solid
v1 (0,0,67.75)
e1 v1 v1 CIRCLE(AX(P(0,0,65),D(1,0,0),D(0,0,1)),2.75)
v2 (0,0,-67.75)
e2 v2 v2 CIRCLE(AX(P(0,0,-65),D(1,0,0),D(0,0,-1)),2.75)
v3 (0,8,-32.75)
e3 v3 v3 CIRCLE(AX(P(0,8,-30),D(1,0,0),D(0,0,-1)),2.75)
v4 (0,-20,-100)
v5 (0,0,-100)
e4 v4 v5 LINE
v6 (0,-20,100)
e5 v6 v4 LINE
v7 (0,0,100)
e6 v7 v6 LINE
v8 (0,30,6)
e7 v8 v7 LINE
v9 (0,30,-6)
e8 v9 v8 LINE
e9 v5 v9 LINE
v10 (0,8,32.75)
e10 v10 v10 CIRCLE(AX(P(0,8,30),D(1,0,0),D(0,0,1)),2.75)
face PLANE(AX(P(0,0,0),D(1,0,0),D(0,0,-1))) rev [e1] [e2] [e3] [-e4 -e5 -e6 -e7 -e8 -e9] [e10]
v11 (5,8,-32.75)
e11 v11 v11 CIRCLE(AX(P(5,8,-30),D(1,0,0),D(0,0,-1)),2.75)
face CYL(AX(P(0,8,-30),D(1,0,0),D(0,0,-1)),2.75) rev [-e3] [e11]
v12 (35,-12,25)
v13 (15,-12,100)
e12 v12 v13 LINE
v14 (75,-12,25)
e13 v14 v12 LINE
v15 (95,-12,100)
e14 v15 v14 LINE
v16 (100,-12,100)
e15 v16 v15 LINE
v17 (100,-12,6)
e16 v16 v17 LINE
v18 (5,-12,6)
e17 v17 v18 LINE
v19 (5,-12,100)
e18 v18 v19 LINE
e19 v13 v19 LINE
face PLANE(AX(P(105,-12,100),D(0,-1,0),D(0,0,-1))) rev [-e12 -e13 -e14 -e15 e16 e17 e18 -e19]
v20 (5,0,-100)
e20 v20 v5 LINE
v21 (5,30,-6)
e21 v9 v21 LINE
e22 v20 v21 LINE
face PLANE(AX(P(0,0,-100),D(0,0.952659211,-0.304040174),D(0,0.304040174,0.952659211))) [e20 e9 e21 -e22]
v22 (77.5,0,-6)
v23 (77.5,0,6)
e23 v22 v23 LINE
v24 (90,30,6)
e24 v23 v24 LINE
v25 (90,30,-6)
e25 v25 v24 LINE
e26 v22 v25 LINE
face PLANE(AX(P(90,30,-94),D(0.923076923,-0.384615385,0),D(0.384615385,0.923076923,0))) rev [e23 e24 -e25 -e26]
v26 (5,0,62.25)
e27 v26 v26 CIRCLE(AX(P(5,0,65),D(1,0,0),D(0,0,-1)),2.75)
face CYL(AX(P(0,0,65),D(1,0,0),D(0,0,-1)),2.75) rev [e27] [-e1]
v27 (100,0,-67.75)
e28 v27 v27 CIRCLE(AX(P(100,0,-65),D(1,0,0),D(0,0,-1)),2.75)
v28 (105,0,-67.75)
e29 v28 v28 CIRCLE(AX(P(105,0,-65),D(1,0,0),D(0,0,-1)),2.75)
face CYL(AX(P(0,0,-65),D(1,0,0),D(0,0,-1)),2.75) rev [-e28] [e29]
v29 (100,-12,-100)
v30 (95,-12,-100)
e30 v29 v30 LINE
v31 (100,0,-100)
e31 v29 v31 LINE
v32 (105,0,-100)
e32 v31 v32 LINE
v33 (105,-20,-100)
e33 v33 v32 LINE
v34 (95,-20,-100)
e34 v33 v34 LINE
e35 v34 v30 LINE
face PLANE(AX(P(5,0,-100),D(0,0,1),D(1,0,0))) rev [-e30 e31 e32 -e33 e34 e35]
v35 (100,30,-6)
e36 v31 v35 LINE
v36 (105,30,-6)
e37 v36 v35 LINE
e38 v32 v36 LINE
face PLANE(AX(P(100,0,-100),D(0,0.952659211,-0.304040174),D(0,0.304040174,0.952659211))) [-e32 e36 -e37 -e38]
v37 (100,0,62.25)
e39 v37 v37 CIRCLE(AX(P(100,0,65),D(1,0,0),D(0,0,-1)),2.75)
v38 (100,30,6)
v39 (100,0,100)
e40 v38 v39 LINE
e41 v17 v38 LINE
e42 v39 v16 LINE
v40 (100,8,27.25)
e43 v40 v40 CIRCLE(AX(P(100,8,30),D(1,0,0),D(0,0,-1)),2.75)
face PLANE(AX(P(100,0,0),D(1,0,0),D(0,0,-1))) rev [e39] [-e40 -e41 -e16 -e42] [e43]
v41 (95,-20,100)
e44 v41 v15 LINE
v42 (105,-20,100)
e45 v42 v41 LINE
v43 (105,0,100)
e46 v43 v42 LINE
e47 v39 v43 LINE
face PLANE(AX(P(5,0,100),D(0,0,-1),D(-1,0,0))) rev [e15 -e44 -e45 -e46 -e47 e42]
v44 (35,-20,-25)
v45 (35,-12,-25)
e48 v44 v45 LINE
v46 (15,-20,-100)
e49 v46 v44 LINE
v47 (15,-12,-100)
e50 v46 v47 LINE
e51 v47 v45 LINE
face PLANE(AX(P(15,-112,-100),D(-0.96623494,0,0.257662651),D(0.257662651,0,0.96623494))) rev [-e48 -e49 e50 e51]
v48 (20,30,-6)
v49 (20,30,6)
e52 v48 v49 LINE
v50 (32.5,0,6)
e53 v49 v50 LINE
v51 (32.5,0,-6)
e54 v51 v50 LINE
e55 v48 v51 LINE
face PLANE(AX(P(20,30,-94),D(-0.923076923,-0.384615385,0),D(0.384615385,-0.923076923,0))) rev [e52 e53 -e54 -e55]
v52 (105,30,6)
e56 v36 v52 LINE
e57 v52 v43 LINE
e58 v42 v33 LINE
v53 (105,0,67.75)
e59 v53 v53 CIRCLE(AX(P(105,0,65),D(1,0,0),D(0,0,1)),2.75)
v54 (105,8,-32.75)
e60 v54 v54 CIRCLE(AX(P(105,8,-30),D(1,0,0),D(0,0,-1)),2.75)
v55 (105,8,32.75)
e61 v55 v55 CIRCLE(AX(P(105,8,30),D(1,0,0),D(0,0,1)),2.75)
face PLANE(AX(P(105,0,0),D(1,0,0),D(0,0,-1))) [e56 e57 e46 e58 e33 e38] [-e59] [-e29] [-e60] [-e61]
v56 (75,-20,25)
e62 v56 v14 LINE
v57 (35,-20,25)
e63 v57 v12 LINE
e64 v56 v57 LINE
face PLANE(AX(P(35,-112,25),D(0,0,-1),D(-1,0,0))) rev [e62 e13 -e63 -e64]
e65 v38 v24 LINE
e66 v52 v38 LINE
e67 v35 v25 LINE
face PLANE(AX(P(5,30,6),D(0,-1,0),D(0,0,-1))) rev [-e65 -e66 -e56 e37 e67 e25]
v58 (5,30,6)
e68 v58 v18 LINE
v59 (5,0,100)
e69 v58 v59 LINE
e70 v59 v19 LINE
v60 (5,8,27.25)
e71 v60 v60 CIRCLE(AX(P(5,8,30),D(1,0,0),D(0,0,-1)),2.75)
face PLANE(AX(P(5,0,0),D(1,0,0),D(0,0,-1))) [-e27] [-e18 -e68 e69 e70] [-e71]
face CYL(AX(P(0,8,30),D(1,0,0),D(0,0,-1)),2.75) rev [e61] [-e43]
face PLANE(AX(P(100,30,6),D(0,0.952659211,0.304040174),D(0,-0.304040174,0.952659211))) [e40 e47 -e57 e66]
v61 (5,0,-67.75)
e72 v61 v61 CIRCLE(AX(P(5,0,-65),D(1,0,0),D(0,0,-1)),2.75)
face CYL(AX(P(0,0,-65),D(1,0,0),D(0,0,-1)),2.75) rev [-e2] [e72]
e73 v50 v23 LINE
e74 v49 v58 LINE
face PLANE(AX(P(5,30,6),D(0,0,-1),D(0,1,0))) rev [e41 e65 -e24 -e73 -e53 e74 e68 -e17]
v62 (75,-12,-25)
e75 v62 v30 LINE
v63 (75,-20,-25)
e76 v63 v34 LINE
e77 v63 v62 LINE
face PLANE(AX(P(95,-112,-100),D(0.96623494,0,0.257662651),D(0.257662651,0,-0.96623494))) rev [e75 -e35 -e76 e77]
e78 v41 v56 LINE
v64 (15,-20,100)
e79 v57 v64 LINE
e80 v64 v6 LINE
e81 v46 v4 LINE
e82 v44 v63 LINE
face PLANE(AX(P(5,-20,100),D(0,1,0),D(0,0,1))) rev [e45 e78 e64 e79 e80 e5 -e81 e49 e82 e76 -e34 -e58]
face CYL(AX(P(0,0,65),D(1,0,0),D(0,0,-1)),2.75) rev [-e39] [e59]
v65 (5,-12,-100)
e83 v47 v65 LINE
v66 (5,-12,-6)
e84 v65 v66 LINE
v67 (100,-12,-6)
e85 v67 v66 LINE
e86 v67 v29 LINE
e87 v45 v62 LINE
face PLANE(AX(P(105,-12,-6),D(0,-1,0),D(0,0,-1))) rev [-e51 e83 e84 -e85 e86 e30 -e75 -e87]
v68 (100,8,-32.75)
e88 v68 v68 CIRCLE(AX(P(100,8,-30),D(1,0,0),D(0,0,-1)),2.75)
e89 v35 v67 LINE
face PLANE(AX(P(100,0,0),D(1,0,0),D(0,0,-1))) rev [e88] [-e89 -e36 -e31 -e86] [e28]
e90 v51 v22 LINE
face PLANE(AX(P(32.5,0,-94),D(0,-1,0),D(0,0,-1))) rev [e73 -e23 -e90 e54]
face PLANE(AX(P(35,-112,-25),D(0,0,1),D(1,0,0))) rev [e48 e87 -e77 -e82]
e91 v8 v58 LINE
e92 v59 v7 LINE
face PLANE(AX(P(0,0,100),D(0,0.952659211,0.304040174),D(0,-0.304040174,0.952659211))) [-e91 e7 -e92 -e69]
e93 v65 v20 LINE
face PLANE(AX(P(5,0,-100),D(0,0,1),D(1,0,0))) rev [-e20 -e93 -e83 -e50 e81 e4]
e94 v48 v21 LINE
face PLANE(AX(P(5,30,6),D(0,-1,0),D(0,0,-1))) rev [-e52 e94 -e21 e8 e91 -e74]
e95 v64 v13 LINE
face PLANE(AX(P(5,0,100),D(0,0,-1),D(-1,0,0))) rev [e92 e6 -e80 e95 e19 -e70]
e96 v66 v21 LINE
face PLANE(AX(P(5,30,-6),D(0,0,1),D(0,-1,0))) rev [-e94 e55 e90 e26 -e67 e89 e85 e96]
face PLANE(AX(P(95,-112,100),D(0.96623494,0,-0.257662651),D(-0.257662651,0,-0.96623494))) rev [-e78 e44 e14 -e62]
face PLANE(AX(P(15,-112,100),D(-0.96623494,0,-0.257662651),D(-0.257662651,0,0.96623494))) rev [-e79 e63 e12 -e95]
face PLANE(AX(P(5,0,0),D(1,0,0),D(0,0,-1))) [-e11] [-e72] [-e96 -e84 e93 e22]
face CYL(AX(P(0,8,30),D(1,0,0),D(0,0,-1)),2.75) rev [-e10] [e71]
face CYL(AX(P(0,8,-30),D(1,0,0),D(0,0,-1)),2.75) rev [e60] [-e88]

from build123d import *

# Parameters (mm, degrees)
EXTRUDE_1_DEPTH     = 5
EXTRUDE_2_DEPTH     = 100
CUT_EXTRUDE_1_DEPTH = 100
CUT_EXTRUDE_2_DEPTH = 100
EXTRUDE_3_DEPTH     = 5
EXTRUDE_4_DEPTH     = 5
SKETCH_9_R          = 2.75
CUT_EXTRUDE_3_DEPTH = 149.07092895


with BuildPart() as part:
    # 草图1 → 凸台-拉伸1 (new body)
    with BuildSketch(Plane(origin=(0, 0, 0), x_dir=(0, 0, -1), z_dir=(1, 0, 0))):
        Polygon((6, 0), (100, 0), (100, -20), (-100, -20), (-100, 0), (-6, 0), (-6, 30), (6, 30), align=None)
    extrude(amount=EXTRUDE_1_DEPTH)

    # 草图2 → 凸台-拉伸2 (add)
    with BuildSketch(Plane(origin=(5, 0, 0), x_dir=(0, 0, -1), z_dir=(1, 0, 0))):
        Polygon((-6, -12), (-6, 30), (6, 30), (6, -12), (100, -12), (100, -20), (-100, -20), (-100, -12), align=None)
    extrude(amount=EXTRUDE_2_DEPTH)

    # 草图3 → 切除-拉伸1 (cut)
    with BuildSketch(Plane(origin=(0, -12, 0), x_dir=(1, 0, 0), z_dir=(0, 1, 0))):
        Polygon((15, 100), (35, 25), (75, 25), (95, 100), align=None)
        Polygon((15, -100), (35, -25), (75, -25), (95, -100), align=None)
    extrude(amount=-CUT_EXTRUDE_1_DEPTH, mode=Mode.SUBTRACT)

    # 草图5 → 切除-拉伸2 (cut)
    with BuildSketch(Plane.XY.offset(6)):
        Polygon((20, 30), (32.5, 0), (77.5, 0), (90, 30), align=None)
    extrude(amount=-CUT_EXTRUDE_2_DEPTH, mode=Mode.SUBTRACT)

    # 草图6 → 凸台-拉伸3 (add)
    with BuildSketch(Plane(origin=(5, 0, 0), x_dir=(0, 0, -1), z_dir=(1, 0, 0))):
        Polygon((-100, 0), (-6, 30), (-6, 0), align=None)
        Polygon((6, 0), (100, 0), (6, 30), align=None)
    extrude(amount=-EXTRUDE_3_DEPTH)

    # 草图7 → 凸台-拉伸4 (add)
    with BuildSketch(Plane(origin=(105, 0, 0), x_dir=(0, 0, -1), z_dir=(1, 0, 0))):
        Polygon((6, 30), (6, -12), (100, -12), (100, 0), align=None)
        Polygon((-100, -12), (-6, -12), (-6, 30), (-100, 0), align=None)
    extrude(amount=-EXTRUDE_4_DEPTH)

    # 草图9 → 切除-拉伸3 (cut, through all)
    with BuildSketch(Plane(origin=(105, 0, 0), x_dir=(0, 0, -1), z_dir=(1, 0, 0))):
        with Locations((30, 8)):
            Circle(SKETCH_9_R)
        with Locations((65, 0)):
            Circle(SKETCH_9_R)
        with Locations((-65, 0)):
            Circle(SKETCH_9_R)
        with Locations((-30, 8)):
            Circle(SKETCH_9_R)
    extrude(amount=-CUT_EXTRUDE_3_DEPTH, mode=Mode.SUBTRACT)


solid = part.part
